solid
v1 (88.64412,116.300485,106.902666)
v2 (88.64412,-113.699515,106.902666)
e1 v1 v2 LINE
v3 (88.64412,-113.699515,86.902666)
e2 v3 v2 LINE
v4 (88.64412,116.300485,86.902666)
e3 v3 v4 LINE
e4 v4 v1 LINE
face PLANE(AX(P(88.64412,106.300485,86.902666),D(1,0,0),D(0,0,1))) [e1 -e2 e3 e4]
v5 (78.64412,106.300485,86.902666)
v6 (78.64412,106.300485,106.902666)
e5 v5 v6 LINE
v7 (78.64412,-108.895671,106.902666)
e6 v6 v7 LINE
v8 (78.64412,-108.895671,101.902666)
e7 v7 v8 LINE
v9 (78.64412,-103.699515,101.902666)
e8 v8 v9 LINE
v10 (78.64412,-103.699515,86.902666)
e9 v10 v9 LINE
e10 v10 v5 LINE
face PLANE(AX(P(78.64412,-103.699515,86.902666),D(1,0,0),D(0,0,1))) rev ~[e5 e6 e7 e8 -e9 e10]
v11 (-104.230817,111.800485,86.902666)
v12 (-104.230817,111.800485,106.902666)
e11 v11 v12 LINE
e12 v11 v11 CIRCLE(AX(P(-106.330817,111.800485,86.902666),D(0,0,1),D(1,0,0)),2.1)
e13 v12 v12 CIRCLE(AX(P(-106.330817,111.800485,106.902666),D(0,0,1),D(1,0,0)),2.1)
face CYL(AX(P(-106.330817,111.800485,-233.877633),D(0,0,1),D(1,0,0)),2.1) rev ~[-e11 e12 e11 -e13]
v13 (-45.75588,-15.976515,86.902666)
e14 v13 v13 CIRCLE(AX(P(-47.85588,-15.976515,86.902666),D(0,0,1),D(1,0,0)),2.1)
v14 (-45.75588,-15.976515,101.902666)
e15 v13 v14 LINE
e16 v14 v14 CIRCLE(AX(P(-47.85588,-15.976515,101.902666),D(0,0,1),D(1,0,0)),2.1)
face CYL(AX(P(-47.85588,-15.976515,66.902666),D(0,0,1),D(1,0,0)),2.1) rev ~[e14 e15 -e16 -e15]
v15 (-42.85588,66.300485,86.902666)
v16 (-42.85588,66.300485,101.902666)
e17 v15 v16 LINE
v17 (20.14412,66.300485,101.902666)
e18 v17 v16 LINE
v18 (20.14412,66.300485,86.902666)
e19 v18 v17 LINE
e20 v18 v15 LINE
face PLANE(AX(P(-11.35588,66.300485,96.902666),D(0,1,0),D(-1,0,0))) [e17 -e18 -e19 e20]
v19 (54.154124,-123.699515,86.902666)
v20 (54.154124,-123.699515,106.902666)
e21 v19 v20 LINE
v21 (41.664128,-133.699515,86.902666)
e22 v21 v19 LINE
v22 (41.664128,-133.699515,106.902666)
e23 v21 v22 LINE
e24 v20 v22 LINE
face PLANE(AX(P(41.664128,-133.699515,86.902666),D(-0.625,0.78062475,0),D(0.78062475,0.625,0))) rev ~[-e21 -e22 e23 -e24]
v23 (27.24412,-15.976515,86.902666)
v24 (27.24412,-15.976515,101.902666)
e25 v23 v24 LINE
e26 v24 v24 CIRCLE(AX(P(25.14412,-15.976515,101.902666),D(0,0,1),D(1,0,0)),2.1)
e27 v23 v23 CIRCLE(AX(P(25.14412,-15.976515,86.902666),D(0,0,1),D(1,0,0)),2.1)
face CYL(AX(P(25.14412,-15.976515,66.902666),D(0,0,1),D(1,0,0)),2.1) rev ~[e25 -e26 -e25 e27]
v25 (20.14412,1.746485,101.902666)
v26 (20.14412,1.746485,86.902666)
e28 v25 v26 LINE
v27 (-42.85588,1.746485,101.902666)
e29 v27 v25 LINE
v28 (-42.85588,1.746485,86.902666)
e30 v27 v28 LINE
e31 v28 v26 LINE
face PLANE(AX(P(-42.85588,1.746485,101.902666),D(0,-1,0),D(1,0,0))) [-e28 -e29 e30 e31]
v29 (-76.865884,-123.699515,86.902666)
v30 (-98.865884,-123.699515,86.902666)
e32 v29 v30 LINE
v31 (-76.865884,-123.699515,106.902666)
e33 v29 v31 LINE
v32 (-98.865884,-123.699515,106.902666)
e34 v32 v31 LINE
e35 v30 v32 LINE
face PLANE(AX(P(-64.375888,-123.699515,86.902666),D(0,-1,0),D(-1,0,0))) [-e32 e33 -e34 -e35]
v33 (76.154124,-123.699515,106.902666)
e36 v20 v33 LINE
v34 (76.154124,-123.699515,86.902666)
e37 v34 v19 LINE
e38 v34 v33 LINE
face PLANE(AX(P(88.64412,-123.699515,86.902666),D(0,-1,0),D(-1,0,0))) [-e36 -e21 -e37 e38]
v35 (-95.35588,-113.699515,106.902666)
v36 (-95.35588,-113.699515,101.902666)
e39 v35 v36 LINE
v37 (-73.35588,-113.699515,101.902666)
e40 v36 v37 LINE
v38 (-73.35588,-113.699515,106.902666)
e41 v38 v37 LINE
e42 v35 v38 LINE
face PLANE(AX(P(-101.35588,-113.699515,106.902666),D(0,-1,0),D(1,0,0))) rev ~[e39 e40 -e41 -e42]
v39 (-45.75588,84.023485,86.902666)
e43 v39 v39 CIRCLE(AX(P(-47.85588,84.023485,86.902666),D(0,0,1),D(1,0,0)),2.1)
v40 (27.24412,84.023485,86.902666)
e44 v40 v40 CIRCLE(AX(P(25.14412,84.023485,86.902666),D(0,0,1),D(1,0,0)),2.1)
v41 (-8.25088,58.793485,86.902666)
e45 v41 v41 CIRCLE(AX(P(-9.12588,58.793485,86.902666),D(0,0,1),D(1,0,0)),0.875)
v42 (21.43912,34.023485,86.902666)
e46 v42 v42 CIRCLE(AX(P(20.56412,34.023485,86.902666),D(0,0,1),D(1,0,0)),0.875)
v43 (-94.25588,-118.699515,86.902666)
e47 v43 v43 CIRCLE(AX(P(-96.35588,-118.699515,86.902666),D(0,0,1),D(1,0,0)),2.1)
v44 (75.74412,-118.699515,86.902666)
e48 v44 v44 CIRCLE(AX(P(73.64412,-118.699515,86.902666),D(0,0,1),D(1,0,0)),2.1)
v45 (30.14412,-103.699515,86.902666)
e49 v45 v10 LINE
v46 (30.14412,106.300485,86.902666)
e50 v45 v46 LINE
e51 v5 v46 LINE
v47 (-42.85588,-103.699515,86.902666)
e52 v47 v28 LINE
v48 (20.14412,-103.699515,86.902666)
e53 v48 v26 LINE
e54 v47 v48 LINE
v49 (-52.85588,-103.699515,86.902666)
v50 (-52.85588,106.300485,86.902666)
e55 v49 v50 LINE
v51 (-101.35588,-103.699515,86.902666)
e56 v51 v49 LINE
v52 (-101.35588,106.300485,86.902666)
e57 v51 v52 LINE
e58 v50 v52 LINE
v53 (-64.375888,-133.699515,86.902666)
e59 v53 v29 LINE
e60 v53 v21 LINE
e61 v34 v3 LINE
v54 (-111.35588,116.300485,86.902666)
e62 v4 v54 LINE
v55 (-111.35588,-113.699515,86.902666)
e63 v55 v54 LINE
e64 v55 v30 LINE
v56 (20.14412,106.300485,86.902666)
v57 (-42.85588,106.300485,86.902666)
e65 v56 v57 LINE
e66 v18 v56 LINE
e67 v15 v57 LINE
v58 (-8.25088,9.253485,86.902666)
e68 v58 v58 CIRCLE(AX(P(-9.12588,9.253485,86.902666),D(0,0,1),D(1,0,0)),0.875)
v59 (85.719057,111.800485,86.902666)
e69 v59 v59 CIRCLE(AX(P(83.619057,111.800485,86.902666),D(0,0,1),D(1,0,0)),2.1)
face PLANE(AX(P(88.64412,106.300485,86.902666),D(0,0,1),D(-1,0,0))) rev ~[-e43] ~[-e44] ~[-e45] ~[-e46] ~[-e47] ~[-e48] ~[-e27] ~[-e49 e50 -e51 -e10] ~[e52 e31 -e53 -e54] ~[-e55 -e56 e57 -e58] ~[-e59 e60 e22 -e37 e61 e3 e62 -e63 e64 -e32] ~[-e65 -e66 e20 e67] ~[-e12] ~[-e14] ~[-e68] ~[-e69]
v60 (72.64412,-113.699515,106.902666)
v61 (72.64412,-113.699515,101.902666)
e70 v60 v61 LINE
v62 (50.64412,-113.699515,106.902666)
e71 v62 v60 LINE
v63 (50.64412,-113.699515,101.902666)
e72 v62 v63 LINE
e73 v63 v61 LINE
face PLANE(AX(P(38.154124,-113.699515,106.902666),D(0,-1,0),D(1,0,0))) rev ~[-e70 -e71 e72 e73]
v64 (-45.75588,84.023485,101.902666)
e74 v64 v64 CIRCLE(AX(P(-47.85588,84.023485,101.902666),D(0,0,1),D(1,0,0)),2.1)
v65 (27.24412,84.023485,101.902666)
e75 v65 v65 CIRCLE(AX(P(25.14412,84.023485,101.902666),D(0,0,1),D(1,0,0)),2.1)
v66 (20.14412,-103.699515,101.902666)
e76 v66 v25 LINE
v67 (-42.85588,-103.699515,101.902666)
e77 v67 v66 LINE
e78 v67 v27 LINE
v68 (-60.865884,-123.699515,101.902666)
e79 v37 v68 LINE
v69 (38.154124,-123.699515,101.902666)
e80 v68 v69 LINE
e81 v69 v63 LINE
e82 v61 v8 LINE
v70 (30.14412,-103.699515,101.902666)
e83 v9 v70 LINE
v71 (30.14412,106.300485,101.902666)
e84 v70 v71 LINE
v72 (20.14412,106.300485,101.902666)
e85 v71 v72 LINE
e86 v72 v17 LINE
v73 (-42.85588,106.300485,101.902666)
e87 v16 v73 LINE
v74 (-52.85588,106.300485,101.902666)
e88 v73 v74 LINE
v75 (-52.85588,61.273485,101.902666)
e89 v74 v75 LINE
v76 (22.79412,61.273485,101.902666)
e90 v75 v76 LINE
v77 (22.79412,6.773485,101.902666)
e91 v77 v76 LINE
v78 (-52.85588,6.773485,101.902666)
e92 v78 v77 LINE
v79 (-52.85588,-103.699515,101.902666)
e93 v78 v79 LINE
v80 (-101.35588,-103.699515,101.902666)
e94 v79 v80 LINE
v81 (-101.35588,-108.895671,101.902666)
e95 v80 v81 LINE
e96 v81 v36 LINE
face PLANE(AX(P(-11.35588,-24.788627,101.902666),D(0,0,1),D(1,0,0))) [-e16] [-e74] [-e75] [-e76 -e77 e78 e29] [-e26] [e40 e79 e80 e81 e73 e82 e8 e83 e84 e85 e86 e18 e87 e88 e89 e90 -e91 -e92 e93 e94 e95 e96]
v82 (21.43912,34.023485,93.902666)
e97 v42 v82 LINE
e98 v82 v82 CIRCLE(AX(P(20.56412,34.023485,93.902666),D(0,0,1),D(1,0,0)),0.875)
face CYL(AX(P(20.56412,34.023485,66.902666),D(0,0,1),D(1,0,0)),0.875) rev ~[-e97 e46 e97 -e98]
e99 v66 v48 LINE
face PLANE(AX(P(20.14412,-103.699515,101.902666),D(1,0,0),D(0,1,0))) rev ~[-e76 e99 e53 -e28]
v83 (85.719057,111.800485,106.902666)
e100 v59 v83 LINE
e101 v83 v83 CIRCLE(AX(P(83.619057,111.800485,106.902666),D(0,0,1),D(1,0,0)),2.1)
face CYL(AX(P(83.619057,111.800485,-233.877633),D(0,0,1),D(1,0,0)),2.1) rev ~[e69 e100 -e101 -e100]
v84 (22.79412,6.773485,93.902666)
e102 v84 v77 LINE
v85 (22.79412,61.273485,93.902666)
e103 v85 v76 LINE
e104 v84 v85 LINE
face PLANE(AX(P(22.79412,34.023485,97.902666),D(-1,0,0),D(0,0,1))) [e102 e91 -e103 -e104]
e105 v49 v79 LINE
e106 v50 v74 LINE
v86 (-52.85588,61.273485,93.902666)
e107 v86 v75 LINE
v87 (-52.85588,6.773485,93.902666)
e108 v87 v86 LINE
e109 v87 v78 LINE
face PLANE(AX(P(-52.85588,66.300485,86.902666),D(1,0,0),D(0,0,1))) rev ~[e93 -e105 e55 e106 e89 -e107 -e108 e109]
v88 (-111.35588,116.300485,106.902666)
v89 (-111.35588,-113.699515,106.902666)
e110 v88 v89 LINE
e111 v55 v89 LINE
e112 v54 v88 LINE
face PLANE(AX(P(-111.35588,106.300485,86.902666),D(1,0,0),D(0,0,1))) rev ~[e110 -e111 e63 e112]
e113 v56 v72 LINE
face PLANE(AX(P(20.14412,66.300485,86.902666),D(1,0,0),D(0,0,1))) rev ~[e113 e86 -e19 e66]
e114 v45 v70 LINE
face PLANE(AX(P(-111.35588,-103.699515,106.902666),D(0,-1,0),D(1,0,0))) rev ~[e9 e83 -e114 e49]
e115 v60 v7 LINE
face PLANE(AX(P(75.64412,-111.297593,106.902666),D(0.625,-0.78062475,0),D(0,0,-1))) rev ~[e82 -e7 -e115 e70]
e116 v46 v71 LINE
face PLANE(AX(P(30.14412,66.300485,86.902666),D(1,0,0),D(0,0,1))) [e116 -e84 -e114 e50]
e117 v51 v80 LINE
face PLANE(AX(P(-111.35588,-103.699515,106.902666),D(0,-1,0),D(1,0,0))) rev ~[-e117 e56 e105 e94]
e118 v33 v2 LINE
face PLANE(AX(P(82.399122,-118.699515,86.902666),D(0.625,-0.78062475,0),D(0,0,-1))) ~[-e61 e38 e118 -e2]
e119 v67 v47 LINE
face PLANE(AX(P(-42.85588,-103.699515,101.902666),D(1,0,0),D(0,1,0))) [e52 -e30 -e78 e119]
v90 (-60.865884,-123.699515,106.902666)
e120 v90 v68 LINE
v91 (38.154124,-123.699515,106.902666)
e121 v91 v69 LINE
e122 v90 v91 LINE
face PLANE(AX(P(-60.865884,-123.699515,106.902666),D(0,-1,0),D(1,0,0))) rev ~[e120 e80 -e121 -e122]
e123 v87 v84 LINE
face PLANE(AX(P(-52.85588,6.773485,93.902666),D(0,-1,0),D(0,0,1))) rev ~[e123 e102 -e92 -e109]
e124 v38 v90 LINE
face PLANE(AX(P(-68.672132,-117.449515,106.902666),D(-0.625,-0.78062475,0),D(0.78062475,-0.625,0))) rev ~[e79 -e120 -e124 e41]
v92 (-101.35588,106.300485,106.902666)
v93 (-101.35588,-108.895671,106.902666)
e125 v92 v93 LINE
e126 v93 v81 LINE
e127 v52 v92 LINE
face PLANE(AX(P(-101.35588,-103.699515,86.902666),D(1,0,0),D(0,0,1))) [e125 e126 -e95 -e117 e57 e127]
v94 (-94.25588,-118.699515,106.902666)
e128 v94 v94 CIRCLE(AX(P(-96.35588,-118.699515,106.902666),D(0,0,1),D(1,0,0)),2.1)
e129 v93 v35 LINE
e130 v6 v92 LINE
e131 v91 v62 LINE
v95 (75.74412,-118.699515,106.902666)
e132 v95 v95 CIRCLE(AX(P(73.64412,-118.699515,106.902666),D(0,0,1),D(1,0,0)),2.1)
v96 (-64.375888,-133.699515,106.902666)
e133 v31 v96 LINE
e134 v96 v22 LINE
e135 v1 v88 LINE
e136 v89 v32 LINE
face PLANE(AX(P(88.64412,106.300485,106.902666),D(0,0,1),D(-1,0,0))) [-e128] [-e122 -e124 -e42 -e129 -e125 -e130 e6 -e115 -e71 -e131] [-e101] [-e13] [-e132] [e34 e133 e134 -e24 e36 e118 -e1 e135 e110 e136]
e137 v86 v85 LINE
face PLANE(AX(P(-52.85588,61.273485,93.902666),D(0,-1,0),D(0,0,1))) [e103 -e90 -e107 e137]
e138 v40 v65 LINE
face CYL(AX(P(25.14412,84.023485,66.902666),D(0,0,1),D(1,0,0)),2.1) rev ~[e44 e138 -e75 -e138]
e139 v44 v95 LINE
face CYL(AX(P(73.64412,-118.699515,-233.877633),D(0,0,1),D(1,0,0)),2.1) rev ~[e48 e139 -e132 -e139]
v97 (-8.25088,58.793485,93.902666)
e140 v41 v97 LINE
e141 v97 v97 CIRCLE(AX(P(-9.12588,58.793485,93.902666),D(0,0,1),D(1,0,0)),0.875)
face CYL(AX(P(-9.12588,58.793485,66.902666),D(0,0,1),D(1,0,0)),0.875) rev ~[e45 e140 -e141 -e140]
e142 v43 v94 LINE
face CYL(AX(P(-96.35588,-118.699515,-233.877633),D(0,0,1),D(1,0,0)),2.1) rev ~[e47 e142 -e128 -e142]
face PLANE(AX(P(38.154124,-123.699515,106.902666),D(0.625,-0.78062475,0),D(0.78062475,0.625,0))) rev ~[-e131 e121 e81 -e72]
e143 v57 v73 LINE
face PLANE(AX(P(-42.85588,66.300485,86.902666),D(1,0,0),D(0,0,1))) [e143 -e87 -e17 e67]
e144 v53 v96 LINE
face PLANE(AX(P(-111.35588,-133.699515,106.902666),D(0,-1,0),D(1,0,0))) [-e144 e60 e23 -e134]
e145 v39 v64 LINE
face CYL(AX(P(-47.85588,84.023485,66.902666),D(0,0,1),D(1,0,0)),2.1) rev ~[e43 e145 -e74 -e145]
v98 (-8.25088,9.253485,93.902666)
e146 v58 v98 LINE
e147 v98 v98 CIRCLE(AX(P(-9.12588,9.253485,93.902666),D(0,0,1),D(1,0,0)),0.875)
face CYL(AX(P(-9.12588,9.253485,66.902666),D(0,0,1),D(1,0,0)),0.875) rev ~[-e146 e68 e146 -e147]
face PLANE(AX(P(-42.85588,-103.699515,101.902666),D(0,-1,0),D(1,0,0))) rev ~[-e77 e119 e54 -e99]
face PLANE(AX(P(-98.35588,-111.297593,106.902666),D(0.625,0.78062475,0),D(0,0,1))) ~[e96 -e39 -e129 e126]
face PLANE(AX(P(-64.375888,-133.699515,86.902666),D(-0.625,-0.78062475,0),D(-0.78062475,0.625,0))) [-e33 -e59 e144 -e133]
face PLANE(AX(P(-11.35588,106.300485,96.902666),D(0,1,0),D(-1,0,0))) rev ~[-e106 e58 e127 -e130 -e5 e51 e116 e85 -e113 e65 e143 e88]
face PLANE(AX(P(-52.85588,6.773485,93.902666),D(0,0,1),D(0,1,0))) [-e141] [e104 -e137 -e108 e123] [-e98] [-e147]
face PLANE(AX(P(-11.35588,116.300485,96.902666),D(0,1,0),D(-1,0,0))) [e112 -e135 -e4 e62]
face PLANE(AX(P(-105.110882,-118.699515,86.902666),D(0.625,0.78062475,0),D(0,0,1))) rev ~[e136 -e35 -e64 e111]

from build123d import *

# Parameters (mm, degrees)
ESQUISSE1_W                           = 200
ESQUISSE1_H                           = 30
BOSS_EXTRU_1_DEPTH                    = 20
ESQUISSE2_W                           = 83
ESQUISSE2_H                           = 20
BOSS_EXTRU_2_DEPTH                    = 170
ESQUISSE3_W                           = 10
ESQUISSE3_H                           = 20
BOSS_EXTRU_3_DEPTH                    = 40
ESQUISSE4_W                           = 10
ESQUISSE4_H                           = 20
BOSS_EXTRU_4_DEPTH                    = 40
ESQUISSE5_W                           = 10
ESQUISSE5_H                           = 20
BOSS_EXTRU_5_DEPTH                    = 210
ESQUISSE6_W                           = 10
ESQUISSE6_H                           = 20
BOSS_EXTRU_6_DEPTH                    = 210
ENL_V_MAT_EXTRU_1_DEPTH               = 5
ESQUISSE8_W                           = 200
ESQUISSE8_H                           = 20
BOSS_EXTRU_7_DEPTH                    = 10
ESQUISSE9_W                           = 46.979991994
ESQUISSE9_H                           = 10
ENL_V_MAT_EXTRU_2_DEPTH               = 176.144775689
ESQUISSE10_W                          = 46.979991993
ESQUISSE10_H                          = 10
ENL_V_MAT_EXTRU_3_DEPTH               = 176.144775689
ESQUISSE11_W                          = 63
ESQUISSE11_H                          = 105.446
ENL_V_MAT_EXTRU_4_DEPTH               = 175.644474436
ESQUISSE12_W                          = 8
ESQUISSE12_H                          = 54.5
ENL_V_MAT_EXTRU_5_DEPTH               = 75.65
D_POUILLE1_ANGLE                      = 51.317812547
D_POUILLE2_ANGLE                      = 51.317812547
DIAM_TRE_DU_PER_AGE_4_2_4_2_1_D       = 4.2
DIAM_TRE_DU_PER_AGE_4_2_4_2_2_D       = 4.2
DIAM_TRE_DU_PER_AGE_4_2_4_2_2_DEPTH   = 20
DIAM_TRE_DU_PER_AGE_1_75_1_75_1_D     = 1.75
DIAM_TRE_DU_PER_AGE_1_75_1_75_1_DEPTH = 20
CHANFREIN1_SIZE                       = 12.489995997
CHANFREIN1_SIZE2                      = 10
CHANFREIN2_SIZE                       = 10
CHANFREIN2_SIZE2                      = 12.489995997
CHANFREIN3_SIZE                       = 4.803844614
CHANFREIN3_SIZE2                      = 6
CHANFREIN4_SIZE                       = 6
CHANFREIN4_SIZE2                      = 4.803844614


with BuildPart() as part:
    # Esquisse1 → Boss.-Extru.1 (new body)
    with BuildSketch(Plane.XY.offset(106.902665531)):
        with Locations((-11.355880004, -118.699515481)):
            Rectangle(ESQUISSE1_W, ESQUISSE1_H)
    extrude(amount=-BOSS_EXTRU_1_DEPTH)

    # Esquisse2 → Boss.-Extru.2 (add)
    with BuildSketch(Plane(origin=(0, -103.699515481, 0), x_dir=(-1, 0, 0), z_dir=(0, 1, 0))):
        with Locations((11.355880004, 96.902665531)):
            Rectangle(ESQUISSE2_W, ESQUISSE2_H)
    extrude(amount=BOSS_EXTRU_2_DEPTH)

    # Esquisse3 → Boss.-Extru.3 (add)
    with BuildSketch(Plane(origin=(0, 66.300484519, 0), x_dir=(-1, 0, 0), z_dir=(0, 1, 0))):
        with Locations((-25.144119996, 96.902665531)):
            Rectangle(ESQUISSE3_W, ESQUISSE3_H)
    extrude(amount=BOSS_EXTRU_3_DEPTH)

    # Esquisse4 → Boss.-Extru.4 (add)
    with BuildSketch(Plane(origin=(0, 66.300484519, 0), x_dir=(-1, 0, 0), z_dir=(0, 1, 0))):
        with Locations((47.855880004, 96.902665531)):
            Rectangle(ESQUISSE4_W, ESQUISSE4_H)
    extrude(amount=BOSS_EXTRU_4_DEPTH)

    # Esquisse5 → Boss.-Extru.5 (add)
    with BuildSketch(Plane(origin=(0, -103.699515481, 0), x_dir=(-1, 0, 0), z_dir=(0, 1, 0))):
        with Locations((-83.644119996, 96.902665531)):
            Rectangle(ESQUISSE5_W, ESQUISSE5_H)
    extrude(amount=BOSS_EXTRU_5_DEPTH)

    # Esquisse6 → Boss.-Extru.6 (add)
    with BuildSketch(Plane(origin=(0, -103.699515481, 0), x_dir=(-1, 0, 0), z_dir=(0, 1, 0))):
        with Locations((106.355880004, 96.902665531)):
            Rectangle(ESQUISSE6_W, ESQUISSE6_H)
    extrude(amount=BOSS_EXTRU_6_DEPTH)

    # Esquisse7 → Enlèv. mat.-Extru.1 (cut)
    with BuildSketch(Plane.XY.offset(106.902665531)):
        Polygon((-42.855880004, 106.300484519), (-52.855880004, 106.300484519), (-52.855880004, -103.699515481), (-101.355880004, -103.699515481), (-101.355880004, -113.699515481), (-60.865884007, -113.699515481), (-60.865884007, -123.699515481), (38.154124, -123.699515481), (38.154124, -113.699515481), (78.644119996, -113.699515481), (78.644119996, -103.699515481), (30.144119996, -103.699515481), (30.144119996, 106.300484519), (20.144119996, 106.300484519), (20.144119996, 66.300484519), (-42.855880004, 66.300484519), align=None)
    extrude(amount=-ENL_V_MAT_EXTRU_1_DEPTH, mode=Mode.SUBTRACT)

    # Esquisse8 → Boss.-Extru.7 (add)
    with BuildSketch(Plane(origin=(0, 106.300484519, 0), x_dir=(-1, 0, 0), z_dir=(0, 1, 0))):
        with Locations((11.355880004, 96.902665531)):
            Rectangle(ESQUISSE8_W, ESQUISSE8_H)
    extrude(amount=BOSS_EXTRU_7_DEPTH)

    # Esquisse9 → Enlèv. mat.-Extru.2 (cut, through all)
    with BuildSketch(Plane(origin=(0, 0, 86.902665531), x_dir=(-1, 0, 0), z_dir=(0, 0, -1))):
        with Locations((87.865884007, -128.699515481)):
            Rectangle(ESQUISSE9_W, ESQUISSE9_H)
    extrude(amount=-ENL_V_MAT_EXTRU_2_DEPTH, mode=Mode.SUBTRACT)

    # Esquisse10 → Enlèv. mat.-Extru.3 (cut, through all)
    with BuildSketch(Plane(origin=(0, 0, 86.902665531), x_dir=(-1, 0, 0), z_dir=(0, 0, -1))):
        with Locations((-65.154124, -128.699515481)):
            Rectangle(ESQUISSE10_W, ESQUISSE10_H)
    extrude(amount=-ENL_V_MAT_EXTRU_3_DEPTH, mode=Mode.SUBTRACT)

    # Esquisse11 → Enlèv. mat.-Extru.4 (cut, through all)
    with BuildSketch(Plane.XY.offset(101.902665531)):
        with Locations((-11.355880004, -50.976515481)):
            Rectangle(ESQUISSE11_W, ESQUISSE11_H)
    extrude(amount=-ENL_V_MAT_EXTRU_4_DEPTH, mode=Mode.SUBTRACT)

    # Esquisse12 → Enlèv. mat.-Extru.5 (cut)
    with BuildSketch(Plane.ZY.offset(52.855880004)):
        with Locations((97.902665531, 34.023484519)):
            Rectangle(ESQUISSE12_W, ESQUISSE12_H)
    extrude(amount=-ENL_V_MAT_EXTRU_5_DEPTH, mode=Mode.SUBTRACT)

    # Dépouille1
    d_pouille1_faces = [part.faces().sort_by_distance(p)[0] for p in [
        (38.154124, -118.699515481, 104.402665531),
        (-60.865884007, -118.699515481, 104.402665531),
    ]]
    draft(d_pouille1_faces, Plane(origin=(-60.865884007, -123.699515481, 101.902665531), x_dir=(0, 0, 1), z_dir=(0, 1, 0)), D_POUILLE1_ANGLE)

    # Dépouille2
    d_pouille2_faces = [part.faces().sort_by_distance(p)[0] for p in [
        (41.664128003, -128.699515481, 96.902665531),
        (-64.37588801, -128.699515481, 96.902665531),
    ]]
    draft(d_pouille2_faces, Plane(origin=(-111.355880004, -133.699515481, 86.902665531), x_dir=(-1, 0, 0), z_dir=(0, -1, 0)), D_POUILLE2_ANGLE)

    # Diamètre du perçage Ø4.2 (4.2)1 (through all)
    with Locations(Plane(origin=(0, 0, 86.902665531), x_dir=(-1, 0, 0), z_dir=(0, 0, -1))):
        with Locations((-73.644119996, -118.699515481), (96.355880004, -118.699515481), (106.330817189, 111.800484519), (-83.619057182, 111.800484519)):
            Hole(DIAM_TRE_DU_PER_AGE_4_2_4_2_1_D / 2)

    # Diamètre du perçage Ø4.2 (4.2)2
    with Locations(Plane(origin=(0, 0, 86.902665531), x_dir=(-1, 0, 0), z_dir=(0, 0, -1))):
        with Locations((47.855880004, -15.976515481), (-25.144119996, -15.976515481), (-25.144119996, 84.023484519), (47.855880004, 84.023484519)):
            Hole(DIAM_TRE_DU_PER_AGE_4_2_4_2_2_D / 2, depth=DIAM_TRE_DU_PER_AGE_4_2_4_2_2_DEPTH)

    # Diamètre du perçage Ø1.75 (1.75)1
    with Locations(Plane(origin=(0, 0, 86.902665531), x_dir=(-1, 0, 0), z_dir=(0, 0, -1))):
        with Locations((9.125880004, 9.253484519), (-20.564119996, 34.023484519), (9.125880004, 58.793484519)):
            Hole(DIAM_TRE_DU_PER_AGE_1_75_1_75_1_D / 2, depth=DIAM_TRE_DU_PER_AGE_1_75_1_75_1_DEPTH)

    # Chanfrein1
    chanfrein1_edges = [part.edges().sort_by_distance(p)[0] for p in [
        (88.644119996, -123.699515481, 96.902665531),
    ]]
    chanfrein1_side = [part.faces().sort_by_distance(p)[0] for p in [
        (71.399121998, -123.699515481, 96.902665531),
    ]]
    chamfer(chanfrein1_edges, length=CHANFREIN1_SIZE, length2=CHANFREIN1_SIZE2, reference=chanfrein1_side[0])

    # Chanfrein2
    chanfrein2_edges = [part.edges().sort_by_distance(p)[0] for p in [
        (-111.355880004, -123.699515481, 96.902665531),
    ]]
    chanfrein2_side = [part.faces().sort_by_distance(p)[0] for p in [
        (-111.355880004, -3.699515481, 96.902665531),
    ]]
    chamfer(chanfrein2_edges, length=CHANFREIN2_SIZE, length2=CHANFREIN2_SIZE2, reference=chanfrein2_side[0])

    # Chanfrein3
    chanfrein3_edges = [part.edges().sort_by_distance(p)[0] for p in [
        (-101.355880004, -113.699515481, 104.402665531),
    ]]
    chanfrein3_side = [part.faces().sort_by_distance(p)[0] for p in [
        (-101.355880004, 0.006366872, 96.990900825),
    ]]
    chamfer(chanfrein3_edges, length=CHANFREIN3_SIZE, length2=CHANFREIN3_SIZE2, reference=chanfrein3_side[0])

    # Chanfrein4
    chanfrein4_edges = [part.edges().sort_by_distance(p)[0] for p in [
        (78.644119996, -113.699515481, 104.402665531),
    ]]
    chanfrein4_side = [part.faces().sort_by_distance(p)[0] for p in [
        (64.644119996, -113.699515481, 104.402665531),
    ]]
    chamfer(chanfrein4_edges, length=CHANFREIN4_SIZE, length2=CHANFREIN4_SIZE2, reference=chanfrein4_side[0])


solid = part.part
